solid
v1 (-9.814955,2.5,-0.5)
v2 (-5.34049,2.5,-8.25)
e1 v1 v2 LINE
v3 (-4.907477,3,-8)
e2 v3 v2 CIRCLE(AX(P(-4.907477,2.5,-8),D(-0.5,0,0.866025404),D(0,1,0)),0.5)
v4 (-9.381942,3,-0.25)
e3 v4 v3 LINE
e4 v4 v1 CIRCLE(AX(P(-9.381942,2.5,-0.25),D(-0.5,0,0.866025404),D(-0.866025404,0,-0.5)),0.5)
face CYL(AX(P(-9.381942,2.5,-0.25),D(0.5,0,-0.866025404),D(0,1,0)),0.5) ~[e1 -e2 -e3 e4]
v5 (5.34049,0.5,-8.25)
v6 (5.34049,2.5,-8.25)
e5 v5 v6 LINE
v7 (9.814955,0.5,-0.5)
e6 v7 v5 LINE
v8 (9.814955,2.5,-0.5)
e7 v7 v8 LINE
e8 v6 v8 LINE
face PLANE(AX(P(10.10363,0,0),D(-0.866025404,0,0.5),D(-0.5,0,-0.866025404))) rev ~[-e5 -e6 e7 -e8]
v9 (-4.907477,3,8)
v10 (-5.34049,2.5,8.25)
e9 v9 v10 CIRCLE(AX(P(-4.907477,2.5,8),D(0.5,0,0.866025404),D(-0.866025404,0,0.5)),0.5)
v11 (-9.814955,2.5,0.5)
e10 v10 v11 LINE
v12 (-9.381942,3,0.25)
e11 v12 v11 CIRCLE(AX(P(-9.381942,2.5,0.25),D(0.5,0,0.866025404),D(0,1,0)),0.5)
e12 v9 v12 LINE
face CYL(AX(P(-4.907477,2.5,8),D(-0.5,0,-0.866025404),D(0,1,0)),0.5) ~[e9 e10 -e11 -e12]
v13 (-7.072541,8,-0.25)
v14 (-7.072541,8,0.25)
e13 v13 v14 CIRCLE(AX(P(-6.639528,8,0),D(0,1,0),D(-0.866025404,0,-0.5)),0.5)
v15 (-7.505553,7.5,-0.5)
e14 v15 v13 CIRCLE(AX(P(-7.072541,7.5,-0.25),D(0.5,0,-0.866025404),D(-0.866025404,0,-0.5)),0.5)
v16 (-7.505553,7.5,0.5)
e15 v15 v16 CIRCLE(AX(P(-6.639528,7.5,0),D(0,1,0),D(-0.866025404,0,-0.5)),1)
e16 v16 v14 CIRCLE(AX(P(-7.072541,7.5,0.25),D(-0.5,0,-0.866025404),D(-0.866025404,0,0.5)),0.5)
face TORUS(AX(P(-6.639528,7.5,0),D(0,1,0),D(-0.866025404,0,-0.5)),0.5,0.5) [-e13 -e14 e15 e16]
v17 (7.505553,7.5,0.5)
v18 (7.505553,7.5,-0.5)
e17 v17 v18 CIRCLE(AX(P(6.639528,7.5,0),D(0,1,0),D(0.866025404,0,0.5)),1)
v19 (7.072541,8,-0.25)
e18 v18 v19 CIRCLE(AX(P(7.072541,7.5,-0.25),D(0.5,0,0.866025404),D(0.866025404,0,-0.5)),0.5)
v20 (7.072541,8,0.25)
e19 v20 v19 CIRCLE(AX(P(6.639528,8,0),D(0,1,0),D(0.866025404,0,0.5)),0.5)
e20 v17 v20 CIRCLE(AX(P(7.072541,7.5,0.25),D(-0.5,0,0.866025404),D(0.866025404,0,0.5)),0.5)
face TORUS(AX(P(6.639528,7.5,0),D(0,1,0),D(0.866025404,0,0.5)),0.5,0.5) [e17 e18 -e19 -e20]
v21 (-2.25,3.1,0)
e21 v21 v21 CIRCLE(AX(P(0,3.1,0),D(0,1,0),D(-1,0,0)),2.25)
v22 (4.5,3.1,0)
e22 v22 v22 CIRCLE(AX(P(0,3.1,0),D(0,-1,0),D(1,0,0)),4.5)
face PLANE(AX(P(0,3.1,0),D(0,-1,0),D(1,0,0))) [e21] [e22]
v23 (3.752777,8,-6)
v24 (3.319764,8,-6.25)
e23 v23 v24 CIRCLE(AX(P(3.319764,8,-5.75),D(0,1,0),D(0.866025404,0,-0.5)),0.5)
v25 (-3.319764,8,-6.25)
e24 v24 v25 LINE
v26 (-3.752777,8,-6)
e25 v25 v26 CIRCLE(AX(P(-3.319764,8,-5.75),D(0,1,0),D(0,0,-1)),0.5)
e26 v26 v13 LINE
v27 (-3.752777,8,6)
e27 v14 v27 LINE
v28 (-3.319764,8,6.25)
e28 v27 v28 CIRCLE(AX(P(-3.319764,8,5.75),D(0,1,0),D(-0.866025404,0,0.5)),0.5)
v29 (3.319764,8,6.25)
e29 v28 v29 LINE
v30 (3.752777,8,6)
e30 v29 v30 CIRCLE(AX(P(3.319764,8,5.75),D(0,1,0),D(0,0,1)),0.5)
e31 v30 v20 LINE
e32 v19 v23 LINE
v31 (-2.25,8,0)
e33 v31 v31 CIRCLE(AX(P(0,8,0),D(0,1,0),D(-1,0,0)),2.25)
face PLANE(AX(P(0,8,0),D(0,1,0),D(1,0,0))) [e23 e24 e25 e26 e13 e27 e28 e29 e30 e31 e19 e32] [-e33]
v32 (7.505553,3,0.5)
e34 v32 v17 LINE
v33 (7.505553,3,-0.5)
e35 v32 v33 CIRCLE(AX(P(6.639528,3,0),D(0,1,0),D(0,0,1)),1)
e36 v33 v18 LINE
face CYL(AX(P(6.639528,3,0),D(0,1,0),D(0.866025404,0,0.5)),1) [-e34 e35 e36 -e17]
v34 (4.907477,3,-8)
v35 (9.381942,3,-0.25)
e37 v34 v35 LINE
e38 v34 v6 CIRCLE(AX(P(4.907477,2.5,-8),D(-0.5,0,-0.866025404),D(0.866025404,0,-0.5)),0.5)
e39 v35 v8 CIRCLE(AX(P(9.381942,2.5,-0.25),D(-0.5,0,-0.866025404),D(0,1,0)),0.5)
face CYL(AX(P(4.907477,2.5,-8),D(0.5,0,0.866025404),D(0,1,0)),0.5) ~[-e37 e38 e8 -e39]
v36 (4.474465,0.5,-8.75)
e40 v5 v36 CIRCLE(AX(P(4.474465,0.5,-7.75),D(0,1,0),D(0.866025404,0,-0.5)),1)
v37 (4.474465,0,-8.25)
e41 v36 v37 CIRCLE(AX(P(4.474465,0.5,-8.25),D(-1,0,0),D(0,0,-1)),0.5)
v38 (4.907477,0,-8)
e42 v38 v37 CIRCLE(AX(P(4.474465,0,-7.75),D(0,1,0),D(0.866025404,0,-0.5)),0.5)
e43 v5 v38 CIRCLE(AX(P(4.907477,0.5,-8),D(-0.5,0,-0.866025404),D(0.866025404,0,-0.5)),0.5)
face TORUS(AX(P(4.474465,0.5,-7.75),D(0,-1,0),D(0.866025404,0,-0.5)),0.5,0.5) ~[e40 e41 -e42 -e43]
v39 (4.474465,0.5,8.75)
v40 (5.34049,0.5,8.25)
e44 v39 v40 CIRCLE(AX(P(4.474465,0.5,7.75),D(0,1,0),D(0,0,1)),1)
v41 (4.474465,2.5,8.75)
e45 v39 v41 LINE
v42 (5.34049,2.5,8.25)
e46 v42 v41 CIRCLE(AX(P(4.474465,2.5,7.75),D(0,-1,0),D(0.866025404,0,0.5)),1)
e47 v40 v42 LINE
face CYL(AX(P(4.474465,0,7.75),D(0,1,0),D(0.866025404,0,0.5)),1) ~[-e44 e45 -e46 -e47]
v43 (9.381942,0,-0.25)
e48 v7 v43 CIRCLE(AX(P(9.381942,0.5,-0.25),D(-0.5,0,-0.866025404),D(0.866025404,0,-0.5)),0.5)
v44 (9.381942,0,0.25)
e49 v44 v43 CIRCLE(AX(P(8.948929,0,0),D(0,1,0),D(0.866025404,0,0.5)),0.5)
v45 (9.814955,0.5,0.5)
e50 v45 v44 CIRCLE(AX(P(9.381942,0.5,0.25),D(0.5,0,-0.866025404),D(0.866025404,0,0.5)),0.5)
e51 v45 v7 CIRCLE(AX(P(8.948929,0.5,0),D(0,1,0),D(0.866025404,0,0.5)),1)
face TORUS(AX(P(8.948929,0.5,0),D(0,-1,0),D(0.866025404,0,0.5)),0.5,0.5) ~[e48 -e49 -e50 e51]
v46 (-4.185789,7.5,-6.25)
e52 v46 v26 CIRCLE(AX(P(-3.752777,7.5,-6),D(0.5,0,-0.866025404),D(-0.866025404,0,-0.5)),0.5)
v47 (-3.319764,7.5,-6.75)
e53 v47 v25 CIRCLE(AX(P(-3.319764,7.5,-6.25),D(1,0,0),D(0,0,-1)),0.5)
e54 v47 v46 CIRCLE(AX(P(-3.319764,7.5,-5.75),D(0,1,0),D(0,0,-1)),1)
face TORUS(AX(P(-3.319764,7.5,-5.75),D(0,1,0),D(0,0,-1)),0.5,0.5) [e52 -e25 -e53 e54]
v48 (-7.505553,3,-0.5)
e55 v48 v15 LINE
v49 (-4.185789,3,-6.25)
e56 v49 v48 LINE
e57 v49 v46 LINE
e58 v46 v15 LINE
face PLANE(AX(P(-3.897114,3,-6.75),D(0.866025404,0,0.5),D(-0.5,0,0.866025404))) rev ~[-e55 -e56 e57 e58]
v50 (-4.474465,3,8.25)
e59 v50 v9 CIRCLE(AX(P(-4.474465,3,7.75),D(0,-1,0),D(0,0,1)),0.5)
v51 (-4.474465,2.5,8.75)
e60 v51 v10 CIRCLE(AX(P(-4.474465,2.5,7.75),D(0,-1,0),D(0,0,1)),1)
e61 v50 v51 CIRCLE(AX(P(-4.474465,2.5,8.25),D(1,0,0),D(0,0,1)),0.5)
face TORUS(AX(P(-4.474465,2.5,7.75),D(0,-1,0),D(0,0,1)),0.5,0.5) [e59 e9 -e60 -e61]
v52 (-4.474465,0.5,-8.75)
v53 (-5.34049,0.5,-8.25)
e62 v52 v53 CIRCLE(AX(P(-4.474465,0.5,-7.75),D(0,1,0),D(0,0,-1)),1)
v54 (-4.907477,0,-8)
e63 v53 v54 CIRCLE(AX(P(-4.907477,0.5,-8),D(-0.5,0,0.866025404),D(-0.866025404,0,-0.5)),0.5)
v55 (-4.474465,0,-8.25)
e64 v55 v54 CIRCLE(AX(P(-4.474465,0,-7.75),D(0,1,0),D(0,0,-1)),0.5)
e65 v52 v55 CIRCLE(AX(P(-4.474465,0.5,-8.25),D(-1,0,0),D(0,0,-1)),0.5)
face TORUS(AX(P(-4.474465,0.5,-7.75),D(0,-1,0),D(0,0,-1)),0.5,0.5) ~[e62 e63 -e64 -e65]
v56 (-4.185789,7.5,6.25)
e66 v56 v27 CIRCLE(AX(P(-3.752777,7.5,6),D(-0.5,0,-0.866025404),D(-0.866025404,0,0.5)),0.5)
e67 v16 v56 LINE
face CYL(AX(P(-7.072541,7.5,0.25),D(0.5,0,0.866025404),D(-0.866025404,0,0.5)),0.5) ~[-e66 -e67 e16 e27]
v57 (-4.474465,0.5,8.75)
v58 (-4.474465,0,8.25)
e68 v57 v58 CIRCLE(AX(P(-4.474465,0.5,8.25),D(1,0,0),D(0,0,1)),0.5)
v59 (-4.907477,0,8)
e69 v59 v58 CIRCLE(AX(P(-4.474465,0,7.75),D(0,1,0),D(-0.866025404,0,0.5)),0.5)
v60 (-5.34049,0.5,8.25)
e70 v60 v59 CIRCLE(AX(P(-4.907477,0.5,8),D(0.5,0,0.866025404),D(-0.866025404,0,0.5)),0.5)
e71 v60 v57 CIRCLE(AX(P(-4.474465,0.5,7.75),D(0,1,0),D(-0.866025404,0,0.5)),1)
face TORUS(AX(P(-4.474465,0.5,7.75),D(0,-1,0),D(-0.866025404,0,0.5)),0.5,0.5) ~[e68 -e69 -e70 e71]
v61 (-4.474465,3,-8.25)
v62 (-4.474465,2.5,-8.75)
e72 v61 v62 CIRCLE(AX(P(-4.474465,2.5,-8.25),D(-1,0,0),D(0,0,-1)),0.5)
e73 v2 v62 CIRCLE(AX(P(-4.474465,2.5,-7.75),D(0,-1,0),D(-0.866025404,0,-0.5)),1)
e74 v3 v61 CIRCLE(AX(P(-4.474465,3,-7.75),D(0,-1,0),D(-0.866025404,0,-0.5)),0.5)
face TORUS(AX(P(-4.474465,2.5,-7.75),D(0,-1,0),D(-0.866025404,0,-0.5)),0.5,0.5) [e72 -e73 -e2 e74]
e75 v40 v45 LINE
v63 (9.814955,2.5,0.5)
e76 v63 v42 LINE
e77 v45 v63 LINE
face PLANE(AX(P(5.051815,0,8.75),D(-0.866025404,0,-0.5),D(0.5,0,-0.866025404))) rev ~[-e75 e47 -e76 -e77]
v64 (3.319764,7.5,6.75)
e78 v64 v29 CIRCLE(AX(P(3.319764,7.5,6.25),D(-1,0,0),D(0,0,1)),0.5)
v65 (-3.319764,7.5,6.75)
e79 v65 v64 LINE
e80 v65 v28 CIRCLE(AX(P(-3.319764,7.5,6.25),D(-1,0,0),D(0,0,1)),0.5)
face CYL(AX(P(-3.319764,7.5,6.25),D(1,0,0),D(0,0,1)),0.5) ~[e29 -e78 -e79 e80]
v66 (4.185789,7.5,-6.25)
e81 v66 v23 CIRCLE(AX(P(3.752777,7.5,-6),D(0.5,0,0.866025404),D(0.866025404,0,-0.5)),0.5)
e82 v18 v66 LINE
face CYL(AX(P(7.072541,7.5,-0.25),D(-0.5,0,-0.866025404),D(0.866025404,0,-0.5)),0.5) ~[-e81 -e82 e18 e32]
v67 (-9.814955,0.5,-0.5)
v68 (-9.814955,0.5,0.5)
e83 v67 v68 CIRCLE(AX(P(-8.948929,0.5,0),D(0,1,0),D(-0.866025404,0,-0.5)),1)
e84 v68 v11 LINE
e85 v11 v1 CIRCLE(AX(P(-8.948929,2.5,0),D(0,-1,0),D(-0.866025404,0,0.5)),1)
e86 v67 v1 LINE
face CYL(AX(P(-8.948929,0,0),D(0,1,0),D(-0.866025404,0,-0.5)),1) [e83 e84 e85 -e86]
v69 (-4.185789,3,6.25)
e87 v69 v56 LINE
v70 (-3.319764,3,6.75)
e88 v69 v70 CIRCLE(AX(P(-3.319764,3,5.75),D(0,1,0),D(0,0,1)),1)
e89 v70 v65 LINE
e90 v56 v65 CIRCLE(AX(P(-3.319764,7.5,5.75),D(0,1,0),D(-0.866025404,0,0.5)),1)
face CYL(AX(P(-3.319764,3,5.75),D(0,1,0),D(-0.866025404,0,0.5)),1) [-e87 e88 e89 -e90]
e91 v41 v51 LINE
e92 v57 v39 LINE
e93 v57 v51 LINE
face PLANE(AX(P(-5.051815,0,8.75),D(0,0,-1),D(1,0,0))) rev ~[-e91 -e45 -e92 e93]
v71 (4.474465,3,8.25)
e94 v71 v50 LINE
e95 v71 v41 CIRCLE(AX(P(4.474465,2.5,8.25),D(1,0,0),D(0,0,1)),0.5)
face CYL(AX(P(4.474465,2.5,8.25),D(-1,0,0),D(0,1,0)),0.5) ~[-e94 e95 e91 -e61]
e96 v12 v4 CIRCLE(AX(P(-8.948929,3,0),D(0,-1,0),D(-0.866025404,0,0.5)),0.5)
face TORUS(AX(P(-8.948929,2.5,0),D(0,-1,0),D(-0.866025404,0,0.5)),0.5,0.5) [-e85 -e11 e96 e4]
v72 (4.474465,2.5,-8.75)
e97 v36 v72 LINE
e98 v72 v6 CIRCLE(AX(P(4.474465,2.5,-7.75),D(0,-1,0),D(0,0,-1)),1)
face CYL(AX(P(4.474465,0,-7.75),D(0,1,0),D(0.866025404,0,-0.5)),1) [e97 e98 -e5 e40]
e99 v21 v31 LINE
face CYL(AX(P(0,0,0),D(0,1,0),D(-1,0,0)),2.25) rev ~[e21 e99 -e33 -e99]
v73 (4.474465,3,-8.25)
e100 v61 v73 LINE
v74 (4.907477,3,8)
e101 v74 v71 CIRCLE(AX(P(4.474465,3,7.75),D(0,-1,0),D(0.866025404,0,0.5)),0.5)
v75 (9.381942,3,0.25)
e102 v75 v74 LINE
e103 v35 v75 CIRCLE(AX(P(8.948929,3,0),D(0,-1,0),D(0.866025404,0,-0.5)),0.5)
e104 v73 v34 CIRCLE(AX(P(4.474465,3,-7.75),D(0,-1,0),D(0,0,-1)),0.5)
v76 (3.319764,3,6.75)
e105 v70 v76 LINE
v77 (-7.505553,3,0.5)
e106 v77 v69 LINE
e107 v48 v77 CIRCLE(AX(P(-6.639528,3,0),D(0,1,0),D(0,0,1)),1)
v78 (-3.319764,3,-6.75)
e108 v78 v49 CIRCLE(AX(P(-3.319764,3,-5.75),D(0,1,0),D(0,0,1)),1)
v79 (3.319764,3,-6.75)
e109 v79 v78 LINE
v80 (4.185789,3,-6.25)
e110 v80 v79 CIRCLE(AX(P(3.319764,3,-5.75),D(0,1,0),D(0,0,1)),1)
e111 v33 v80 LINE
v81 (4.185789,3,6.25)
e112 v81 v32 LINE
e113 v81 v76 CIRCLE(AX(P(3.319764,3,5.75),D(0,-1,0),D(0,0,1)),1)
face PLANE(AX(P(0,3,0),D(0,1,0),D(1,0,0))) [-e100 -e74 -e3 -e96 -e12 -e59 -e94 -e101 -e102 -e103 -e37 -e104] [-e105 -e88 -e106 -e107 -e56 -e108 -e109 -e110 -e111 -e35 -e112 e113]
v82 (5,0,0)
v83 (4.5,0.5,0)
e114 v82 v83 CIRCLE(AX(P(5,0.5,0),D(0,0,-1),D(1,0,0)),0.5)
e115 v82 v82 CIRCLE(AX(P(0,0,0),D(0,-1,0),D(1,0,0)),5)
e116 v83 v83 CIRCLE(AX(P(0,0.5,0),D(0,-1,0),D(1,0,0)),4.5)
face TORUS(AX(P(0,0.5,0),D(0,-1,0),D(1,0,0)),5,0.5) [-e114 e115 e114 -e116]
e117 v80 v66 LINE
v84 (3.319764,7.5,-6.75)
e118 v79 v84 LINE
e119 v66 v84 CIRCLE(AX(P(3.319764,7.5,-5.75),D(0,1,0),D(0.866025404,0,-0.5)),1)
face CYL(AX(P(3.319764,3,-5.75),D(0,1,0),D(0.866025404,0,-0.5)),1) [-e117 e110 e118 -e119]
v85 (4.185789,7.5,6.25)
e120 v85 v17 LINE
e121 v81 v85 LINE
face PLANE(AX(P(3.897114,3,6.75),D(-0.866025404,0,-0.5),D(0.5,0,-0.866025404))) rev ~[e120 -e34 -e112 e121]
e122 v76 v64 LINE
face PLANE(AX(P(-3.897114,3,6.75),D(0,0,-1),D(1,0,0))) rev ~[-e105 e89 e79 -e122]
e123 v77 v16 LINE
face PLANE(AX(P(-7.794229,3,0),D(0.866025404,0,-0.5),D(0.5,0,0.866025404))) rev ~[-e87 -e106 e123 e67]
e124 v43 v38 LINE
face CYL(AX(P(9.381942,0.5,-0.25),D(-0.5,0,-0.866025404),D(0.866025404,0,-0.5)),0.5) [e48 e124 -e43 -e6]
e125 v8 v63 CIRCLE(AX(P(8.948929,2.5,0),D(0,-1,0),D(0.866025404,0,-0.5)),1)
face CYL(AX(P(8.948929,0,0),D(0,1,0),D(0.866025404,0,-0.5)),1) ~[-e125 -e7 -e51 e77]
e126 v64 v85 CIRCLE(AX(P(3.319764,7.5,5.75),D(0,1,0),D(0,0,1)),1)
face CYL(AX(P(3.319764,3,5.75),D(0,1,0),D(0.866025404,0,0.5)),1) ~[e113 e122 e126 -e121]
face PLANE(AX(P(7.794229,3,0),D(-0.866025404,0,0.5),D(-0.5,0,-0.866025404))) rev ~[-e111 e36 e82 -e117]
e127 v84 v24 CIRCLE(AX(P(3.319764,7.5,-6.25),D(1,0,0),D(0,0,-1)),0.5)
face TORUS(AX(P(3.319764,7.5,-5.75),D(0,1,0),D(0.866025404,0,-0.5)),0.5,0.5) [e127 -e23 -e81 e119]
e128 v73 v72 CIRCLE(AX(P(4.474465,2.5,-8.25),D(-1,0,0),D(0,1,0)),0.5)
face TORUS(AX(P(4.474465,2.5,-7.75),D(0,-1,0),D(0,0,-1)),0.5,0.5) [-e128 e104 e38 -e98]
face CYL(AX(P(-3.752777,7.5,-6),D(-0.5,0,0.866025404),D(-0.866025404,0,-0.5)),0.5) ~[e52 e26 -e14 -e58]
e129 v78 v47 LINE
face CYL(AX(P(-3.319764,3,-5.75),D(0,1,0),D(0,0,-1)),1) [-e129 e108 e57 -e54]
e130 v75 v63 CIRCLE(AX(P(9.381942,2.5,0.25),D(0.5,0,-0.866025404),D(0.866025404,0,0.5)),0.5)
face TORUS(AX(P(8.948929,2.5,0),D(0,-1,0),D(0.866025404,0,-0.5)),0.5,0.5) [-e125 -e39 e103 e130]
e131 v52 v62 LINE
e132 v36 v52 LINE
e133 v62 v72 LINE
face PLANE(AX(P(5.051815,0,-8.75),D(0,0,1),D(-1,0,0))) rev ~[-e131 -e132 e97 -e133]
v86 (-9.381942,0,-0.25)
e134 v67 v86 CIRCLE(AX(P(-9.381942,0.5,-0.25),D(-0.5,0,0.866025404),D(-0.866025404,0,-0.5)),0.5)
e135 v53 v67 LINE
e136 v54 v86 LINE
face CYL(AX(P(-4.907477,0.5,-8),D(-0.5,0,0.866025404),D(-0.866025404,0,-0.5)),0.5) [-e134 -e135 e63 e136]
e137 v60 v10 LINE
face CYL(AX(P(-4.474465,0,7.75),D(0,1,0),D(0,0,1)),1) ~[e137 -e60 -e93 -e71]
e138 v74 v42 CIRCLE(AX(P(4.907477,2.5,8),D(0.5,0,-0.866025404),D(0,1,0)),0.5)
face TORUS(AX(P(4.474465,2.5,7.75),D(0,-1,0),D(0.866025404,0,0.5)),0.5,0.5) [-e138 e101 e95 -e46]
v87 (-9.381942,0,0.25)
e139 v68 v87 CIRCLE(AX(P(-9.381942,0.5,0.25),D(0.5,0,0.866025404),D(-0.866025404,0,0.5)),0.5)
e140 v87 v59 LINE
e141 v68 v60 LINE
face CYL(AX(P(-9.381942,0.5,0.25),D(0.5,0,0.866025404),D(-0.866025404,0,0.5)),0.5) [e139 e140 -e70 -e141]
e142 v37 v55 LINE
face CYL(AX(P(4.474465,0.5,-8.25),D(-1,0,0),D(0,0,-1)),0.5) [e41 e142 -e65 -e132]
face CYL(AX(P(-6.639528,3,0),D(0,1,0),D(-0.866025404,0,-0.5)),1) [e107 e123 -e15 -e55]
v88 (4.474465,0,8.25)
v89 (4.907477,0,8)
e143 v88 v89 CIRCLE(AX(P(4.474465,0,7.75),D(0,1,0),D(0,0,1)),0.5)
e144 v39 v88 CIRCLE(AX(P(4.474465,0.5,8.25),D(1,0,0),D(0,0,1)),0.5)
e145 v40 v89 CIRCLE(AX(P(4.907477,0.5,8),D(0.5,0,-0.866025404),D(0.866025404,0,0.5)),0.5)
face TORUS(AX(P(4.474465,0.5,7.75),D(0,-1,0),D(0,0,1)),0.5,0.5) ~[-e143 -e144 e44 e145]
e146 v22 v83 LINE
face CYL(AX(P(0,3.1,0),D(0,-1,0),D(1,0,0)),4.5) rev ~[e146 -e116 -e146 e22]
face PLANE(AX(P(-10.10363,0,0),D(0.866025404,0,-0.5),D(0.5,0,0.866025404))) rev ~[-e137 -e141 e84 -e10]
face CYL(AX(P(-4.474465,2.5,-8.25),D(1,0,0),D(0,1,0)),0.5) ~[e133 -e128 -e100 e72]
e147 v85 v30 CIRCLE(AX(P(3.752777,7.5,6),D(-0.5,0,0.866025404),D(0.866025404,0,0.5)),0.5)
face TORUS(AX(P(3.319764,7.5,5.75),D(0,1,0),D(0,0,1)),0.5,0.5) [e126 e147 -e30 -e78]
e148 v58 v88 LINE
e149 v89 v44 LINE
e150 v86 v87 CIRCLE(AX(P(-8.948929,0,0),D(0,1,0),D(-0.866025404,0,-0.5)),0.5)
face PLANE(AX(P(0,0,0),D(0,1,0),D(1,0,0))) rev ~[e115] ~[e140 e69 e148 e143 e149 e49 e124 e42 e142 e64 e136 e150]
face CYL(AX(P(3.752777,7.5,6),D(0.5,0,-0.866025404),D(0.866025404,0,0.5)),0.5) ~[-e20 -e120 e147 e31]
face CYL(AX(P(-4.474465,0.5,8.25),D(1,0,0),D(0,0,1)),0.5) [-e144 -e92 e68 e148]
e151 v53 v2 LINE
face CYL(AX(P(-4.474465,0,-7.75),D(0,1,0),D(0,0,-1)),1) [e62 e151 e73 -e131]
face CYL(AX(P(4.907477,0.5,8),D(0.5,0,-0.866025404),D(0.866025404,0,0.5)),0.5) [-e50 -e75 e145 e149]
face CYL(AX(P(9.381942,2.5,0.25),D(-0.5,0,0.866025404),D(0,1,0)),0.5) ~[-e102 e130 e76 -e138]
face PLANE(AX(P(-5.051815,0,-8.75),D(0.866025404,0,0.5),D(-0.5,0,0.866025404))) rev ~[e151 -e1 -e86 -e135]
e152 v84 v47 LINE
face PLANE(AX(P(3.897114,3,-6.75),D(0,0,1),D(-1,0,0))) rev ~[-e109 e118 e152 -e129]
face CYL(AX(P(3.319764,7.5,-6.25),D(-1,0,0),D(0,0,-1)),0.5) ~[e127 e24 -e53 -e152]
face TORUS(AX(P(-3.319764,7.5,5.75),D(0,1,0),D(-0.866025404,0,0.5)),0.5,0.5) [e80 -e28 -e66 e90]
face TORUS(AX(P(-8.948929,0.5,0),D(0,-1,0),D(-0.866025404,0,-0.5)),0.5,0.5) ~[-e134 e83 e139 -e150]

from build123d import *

# Parameters (mm, degrees)
BOSS_EXTRUDE1_DEPTH                      = 3
BOSS_EXTRUDE2_DEPTH                      = 5
CBORE_FOR_M4_PAN_HEAD_SCREW1_D           = 4.5
CBORE_FOR_M4_PAN_HEAD_SCREW1_CBORE_D     = 9
CBORE_FOR_M4_PAN_HEAD_SCREW1_CBORE_DEPTH = 3.1
FILLET1_R                                = 1
FILLET2_R                                = 1
FILLET5_R                                = 0.5
FILLET6_R                                = 0.5
FILLET7_R                                = 0.5


with BuildPart() as part:
    # Sketch1 → Boss-Extrude1 (new body)
    with BuildSketch(Plane(origin=(0, 0, 0), x_dir=(1, 0, 0), z_dir=(0, 1, 0))):
        Polygon((10.103629711, 0), (5.051814855, 8.75), (-5.051814855, 8.75), (-10.103629711, 0), (-5.051814855, -8.75), (5.051814855, -8.75), align=None)
    extrude(amount=BOSS_EXTRUDE1_DEPTH)

    # Sketch2 → Boss-Extrude2 (add)
    with BuildSketch(Plane(origin=(0, 3, 0), x_dir=(1, 0, 0), z_dir=(0, 1, 0))):
        Polygon((3.897114317, -6.75), (7.794228634, 0), (3.897114317, 6.75), (-3.897114317, 6.75), (-7.794228634, 0), (-3.897114317, -6.75), align=None)
    extrude(amount=BOSS_EXTRUDE2_DEPTH)

    # CBORE for M4 Pan Head Screw1 (through all)
    with Locations(Plane.XZ):
        with Locations((0, 0)):
            CounterBoreHole(CBORE_FOR_M4_PAN_HEAD_SCREW1_D / 2, CBORE_FOR_M4_PAN_HEAD_SCREW1_CBORE_D / 2, CBORE_FOR_M4_PAN_HEAD_SCREW1_CBORE_DEPTH)

    # Fillet1
    fillet1_edges = [part.edges().sort_by_distance(p)[0] for p in [
        (-3.897114317, 5.5, 6.75),
        (3.897114317, 5.5, 6.75),
        (7.794228634, 5.5, 0),
        (3.897114317, 5.5, -6.75),
        (-3.897114317, 5.5, -6.75),
        (-7.794228634, 5.5, 0),
    ]]
    fillet(fillet1_edges, radius=FILLET1_R)

    # Fillet2
    fillet2_edges = [part.edges().sort_by_distance(p)[0] for p in [
        (5.051814855, 1.5, 8.75),
        (-5.051814855, 1.5, 8.75),
        (-10.103629711, 1.5, 0),
        (-5.051814855, 1.5, -8.75),
        (5.051814855, 1.5, -8.75),
        (10.103629711, 1.5, 0),
    ]]
    fillet(fillet2_edges, radius=FILLET2_R)

    # Fillet5
    fillet5_edges = [part.edges().sort_by_distance(p)[0] for p in [
        (5.845671476, 8, -3.375),
        (5.845671476, 8, 3.375),
        (0, 8, 6.75),
        (0, 8, -6.75),
        (-5.845671476, 8, -3.375),
        (-5.845671476, 8, 3.375),
        (3.819764048, 8, -6.616025404),
        (-3.819764048, 8, -6.616025404),
        (-7.639528096, 8, 0),
        (-3.819764048, 8, 6.616025404),
        (3.819764048, 8, 6.616025404),
        (7.639528096, 8, 0),
    ]]
    fillet(fillet5_edges, radius=FILLET5_R)

    # Fillet6
    fillet6_edges = [part.edges().sort_by_distance(p)[0] for p in [
        (-4.5, 0, 0),
        (-7.577722283, 0, 4.375),
        (7.577722283, 0, 4.375),
        (0, 0, 8.75),
        (-7.577722283, 0, -4.375),
        (0, 0, -8.75),
        (7.577722283, 0, -4.375),
        (-4.974464586, 0, 8.616025404),
        (4.974464586, 0, 8.616025404),
        (9.948929172, 0, 0),
        (4.974464586, 0, -8.616025404),
        (-4.974464586, 0, -8.616025404),
        (-9.948929172, 0, 0),
    ]]
    fillet(fillet6_edges, radius=FILLET6_R)

    # Fillet7
    fillet7_edges = [part.edges().sort_by_distance(p)[0] for p in [
        (-4.974464586, 3, 8.616025404),
        (4.974464586, 3, 8.616025404),
        (9.948929172, 3, 0),
        (4.974464586, 3, -8.616025404),
        (-4.974464586, 3, -8.616025404),
        (-9.948929172, 3, 0),
        (-7.577722283, 3, 4.375),
        (-7.577722283, 3, -4.375),
        (7.577722283, 3, 4.375),
        (7.577722283, 3, -4.375),
        (0, 3, -8.75),
        (0, 3, 8.75),
    ]]
    fillet(fillet7_edges, radius=FILLET7_R)


solid = part.part
